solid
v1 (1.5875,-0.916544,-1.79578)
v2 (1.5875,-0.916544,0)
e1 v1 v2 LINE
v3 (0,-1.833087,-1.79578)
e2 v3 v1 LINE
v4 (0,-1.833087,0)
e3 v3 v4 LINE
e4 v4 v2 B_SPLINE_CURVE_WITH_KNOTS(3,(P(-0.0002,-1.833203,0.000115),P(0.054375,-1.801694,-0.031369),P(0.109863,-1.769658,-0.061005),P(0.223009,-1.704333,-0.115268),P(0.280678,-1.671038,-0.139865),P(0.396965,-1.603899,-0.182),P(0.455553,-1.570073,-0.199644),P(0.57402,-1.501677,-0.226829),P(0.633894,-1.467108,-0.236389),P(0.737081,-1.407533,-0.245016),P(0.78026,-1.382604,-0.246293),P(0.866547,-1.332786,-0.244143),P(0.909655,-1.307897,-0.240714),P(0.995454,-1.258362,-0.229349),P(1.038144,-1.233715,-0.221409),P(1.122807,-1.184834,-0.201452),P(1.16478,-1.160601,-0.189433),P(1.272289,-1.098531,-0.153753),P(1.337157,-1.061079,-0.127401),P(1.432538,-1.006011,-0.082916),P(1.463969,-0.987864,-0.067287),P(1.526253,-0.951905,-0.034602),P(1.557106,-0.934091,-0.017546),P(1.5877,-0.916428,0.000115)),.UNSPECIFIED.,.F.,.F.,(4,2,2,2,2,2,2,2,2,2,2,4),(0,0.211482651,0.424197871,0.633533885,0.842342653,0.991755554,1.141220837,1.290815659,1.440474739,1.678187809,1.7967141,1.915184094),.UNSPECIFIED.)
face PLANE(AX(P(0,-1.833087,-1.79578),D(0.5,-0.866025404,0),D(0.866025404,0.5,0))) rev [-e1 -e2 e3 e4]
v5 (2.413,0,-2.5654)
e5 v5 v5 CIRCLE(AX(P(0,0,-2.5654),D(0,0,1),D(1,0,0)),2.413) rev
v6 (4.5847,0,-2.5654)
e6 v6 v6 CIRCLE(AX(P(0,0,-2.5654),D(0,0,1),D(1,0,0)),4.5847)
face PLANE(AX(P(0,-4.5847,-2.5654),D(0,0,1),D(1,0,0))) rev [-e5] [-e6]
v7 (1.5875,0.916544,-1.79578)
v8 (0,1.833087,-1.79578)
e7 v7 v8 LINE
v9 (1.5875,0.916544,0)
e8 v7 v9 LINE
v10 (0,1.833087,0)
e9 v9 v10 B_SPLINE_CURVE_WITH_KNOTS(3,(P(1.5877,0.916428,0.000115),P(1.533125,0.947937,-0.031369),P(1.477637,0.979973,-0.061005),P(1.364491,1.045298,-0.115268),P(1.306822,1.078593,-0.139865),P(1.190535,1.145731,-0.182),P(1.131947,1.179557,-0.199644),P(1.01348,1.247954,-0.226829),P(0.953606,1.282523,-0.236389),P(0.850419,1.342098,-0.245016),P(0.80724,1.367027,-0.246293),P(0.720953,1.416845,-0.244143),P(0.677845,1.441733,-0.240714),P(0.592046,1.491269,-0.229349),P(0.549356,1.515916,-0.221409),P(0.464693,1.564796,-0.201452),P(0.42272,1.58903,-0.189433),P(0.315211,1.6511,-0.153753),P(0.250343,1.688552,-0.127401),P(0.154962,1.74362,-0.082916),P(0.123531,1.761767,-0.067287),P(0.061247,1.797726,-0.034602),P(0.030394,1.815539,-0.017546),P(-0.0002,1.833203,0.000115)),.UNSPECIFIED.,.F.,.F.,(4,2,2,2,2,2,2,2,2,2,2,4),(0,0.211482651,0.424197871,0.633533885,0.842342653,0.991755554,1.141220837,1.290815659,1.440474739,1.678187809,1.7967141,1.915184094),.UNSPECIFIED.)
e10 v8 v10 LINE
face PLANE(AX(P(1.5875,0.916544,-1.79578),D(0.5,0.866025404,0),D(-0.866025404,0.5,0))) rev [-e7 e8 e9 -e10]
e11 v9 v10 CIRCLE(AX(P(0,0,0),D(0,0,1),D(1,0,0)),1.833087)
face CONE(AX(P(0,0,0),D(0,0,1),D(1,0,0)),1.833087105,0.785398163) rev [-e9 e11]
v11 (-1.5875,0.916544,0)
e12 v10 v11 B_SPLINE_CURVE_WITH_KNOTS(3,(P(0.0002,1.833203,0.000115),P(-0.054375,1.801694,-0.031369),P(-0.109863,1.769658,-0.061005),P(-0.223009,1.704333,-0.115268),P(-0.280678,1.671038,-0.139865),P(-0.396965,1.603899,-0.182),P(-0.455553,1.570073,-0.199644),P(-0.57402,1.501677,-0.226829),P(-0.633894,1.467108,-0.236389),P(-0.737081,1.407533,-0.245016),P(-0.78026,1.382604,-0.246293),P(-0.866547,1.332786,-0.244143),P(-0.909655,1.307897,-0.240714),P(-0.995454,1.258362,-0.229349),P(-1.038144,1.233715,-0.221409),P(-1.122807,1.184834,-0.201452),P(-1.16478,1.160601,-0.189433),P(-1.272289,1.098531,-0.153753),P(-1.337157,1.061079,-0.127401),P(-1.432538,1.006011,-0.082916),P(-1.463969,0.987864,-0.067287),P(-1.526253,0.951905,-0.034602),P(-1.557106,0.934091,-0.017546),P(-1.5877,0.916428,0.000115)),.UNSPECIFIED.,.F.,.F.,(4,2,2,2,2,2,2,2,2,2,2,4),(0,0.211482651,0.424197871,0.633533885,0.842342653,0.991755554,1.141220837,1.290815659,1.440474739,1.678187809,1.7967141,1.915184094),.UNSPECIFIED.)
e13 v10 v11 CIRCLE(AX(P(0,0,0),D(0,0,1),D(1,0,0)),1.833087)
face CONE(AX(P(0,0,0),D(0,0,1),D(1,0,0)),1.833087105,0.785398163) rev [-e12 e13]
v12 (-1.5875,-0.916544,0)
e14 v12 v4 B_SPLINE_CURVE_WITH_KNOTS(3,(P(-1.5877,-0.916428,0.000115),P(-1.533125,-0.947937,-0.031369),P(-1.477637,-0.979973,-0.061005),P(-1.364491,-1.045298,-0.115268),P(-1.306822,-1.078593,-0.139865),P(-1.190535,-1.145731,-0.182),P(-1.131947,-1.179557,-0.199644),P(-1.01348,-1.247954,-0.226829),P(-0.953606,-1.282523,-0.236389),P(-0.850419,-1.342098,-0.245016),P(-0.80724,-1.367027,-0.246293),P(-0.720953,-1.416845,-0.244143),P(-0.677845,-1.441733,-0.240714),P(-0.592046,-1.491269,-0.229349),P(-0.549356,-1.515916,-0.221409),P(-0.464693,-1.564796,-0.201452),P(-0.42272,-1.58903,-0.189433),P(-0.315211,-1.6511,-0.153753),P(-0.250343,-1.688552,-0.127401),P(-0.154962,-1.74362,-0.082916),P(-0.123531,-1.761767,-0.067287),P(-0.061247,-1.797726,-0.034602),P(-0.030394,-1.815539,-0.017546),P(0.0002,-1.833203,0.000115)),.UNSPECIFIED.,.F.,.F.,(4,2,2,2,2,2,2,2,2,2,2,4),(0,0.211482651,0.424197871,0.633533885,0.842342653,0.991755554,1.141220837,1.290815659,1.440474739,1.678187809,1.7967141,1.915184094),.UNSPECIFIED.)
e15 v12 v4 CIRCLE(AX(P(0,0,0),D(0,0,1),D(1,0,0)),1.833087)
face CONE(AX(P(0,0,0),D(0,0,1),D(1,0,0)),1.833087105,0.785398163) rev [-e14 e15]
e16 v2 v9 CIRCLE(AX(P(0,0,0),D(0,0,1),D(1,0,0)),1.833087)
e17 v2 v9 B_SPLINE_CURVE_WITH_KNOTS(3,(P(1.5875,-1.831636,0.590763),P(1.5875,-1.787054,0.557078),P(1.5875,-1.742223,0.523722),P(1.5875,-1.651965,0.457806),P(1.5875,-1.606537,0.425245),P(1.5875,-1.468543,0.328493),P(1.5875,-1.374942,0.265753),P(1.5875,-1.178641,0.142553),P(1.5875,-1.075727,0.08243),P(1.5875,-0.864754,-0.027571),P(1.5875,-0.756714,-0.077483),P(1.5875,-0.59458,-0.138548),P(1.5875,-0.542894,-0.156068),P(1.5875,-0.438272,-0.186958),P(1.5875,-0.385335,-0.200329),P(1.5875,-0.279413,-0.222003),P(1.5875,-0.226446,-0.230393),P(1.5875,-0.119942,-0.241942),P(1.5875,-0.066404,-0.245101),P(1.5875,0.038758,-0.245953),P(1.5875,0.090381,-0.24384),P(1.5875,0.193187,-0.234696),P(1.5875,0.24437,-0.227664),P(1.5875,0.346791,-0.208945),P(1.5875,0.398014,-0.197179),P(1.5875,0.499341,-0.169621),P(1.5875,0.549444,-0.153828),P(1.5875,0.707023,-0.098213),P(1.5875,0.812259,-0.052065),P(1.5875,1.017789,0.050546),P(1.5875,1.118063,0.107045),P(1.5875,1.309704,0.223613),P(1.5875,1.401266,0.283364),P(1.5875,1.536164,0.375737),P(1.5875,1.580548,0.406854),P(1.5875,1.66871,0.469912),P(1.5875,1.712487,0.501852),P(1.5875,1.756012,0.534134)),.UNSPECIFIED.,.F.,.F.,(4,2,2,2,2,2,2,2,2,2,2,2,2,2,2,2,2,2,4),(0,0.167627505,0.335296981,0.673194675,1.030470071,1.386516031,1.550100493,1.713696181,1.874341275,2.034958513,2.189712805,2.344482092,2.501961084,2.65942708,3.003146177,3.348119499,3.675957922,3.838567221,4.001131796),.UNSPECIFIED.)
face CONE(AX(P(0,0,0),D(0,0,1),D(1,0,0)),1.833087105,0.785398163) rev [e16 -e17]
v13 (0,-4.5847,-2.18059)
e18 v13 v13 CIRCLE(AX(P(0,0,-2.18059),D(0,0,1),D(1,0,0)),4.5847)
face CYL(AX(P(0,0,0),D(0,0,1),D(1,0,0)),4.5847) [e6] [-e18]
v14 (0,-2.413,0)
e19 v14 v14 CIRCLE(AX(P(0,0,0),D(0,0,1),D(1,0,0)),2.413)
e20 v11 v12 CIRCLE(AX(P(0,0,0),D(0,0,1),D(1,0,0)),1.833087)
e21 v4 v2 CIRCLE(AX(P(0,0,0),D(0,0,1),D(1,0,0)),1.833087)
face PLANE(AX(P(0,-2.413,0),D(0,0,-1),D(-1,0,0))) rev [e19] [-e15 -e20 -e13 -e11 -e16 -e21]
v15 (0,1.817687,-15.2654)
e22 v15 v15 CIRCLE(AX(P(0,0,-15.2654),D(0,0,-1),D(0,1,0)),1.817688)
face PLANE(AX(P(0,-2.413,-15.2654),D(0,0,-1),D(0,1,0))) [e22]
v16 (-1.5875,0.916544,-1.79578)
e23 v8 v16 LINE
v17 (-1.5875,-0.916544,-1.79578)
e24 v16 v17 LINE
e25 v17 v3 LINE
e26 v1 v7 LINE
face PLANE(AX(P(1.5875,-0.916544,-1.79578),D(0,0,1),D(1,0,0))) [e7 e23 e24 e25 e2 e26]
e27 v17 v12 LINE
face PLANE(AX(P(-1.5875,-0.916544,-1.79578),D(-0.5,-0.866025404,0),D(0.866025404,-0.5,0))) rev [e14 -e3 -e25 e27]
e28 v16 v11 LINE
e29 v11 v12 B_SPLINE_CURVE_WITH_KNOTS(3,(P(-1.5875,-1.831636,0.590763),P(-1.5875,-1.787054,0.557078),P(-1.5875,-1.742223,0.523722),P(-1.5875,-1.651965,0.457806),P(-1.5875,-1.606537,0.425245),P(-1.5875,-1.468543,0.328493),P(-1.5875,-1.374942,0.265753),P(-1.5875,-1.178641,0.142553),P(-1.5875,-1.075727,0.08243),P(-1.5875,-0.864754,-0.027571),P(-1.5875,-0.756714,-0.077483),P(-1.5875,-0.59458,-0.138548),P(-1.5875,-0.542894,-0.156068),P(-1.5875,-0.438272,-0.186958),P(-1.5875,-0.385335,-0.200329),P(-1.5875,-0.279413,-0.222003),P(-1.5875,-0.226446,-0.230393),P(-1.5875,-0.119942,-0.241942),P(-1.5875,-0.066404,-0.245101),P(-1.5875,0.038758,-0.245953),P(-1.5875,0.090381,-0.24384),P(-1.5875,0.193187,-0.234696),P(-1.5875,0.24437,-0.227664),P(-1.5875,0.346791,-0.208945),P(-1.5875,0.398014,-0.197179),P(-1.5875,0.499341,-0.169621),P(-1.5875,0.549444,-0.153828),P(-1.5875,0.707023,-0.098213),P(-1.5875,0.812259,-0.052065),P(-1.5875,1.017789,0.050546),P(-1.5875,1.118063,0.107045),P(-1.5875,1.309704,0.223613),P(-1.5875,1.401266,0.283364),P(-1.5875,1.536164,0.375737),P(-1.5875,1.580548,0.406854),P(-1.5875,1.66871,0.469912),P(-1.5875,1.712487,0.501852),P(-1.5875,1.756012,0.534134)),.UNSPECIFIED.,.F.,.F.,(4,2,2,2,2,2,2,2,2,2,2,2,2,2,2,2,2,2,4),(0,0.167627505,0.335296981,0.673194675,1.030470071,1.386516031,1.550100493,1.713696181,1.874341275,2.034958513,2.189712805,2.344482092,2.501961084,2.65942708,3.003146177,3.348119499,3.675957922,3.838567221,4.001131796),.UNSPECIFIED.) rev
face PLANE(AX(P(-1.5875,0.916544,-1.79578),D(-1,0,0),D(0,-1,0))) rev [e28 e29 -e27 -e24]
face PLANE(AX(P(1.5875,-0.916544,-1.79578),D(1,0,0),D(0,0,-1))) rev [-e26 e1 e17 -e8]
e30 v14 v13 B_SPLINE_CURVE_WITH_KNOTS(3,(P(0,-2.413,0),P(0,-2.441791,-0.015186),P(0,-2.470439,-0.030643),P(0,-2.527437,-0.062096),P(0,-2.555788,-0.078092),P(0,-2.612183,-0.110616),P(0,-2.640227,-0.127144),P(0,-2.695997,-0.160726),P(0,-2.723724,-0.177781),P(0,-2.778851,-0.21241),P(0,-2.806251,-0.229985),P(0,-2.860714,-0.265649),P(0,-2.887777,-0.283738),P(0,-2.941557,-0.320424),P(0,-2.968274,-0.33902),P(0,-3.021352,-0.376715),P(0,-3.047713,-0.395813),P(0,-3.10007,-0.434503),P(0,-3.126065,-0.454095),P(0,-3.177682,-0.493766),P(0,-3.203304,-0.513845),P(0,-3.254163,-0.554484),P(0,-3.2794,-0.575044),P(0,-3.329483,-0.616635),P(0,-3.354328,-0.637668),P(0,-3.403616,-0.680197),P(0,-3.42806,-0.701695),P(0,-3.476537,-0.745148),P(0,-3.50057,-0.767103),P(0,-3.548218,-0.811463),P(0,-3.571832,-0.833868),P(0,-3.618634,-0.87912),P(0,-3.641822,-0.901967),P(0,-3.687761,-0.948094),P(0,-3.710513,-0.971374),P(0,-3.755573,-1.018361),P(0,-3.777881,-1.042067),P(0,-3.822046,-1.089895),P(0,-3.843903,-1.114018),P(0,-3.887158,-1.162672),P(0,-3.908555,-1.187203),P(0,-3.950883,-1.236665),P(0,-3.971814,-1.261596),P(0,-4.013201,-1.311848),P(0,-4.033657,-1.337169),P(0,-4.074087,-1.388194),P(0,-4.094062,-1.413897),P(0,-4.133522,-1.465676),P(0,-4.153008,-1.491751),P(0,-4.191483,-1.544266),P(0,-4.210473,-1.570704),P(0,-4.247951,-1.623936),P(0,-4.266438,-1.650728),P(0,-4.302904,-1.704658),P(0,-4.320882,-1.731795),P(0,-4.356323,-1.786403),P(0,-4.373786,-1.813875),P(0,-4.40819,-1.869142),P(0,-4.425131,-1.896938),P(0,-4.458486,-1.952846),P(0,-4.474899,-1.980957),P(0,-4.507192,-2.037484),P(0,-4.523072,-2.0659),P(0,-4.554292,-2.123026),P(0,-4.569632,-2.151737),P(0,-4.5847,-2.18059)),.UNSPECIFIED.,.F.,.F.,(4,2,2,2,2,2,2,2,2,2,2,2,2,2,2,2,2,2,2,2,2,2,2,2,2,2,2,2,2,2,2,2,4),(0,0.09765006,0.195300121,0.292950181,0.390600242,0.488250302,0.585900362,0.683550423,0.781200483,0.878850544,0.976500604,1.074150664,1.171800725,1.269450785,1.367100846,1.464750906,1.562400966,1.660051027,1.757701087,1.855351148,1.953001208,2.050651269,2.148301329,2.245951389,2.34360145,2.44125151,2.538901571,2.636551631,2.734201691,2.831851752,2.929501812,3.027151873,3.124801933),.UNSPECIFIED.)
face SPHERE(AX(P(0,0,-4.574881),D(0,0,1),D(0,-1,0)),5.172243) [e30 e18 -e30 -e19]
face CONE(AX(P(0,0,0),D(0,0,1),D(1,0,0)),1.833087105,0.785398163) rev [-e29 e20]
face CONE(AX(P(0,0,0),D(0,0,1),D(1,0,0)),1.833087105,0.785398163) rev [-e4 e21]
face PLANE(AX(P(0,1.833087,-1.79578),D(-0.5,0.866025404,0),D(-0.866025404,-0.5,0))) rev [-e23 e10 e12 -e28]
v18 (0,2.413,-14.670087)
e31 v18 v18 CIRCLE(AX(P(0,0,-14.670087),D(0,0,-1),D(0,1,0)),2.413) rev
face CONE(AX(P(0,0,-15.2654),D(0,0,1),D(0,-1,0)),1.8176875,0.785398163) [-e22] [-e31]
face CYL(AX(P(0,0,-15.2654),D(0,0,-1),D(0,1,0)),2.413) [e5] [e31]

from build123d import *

# Parameters (mm, degrees)
SKETCH1_W          = 12.7
SKETCH1_H          = 2.413
CHAMFER1_SIZE      = 0.5953125
CUT_EXTRUDE2_DEPTH = 1.79578
SKETCH6_R          = 1.833087105
CUT_EXTRUDE3_DEPTH = 1.79578
CUT_EXTRUDE3_TAPER = 45


with BuildPart() as part:
    # Sketch1 → Revolve1 (revolve)
    with BuildSketch(Plane(origin=(0, 0, 0), x_dir=(0, 0, -1), z_dir=(1, 0, 0))):
        with Locations((8.9154, 1.2065)):
            Rectangle(SKETCH1_W, SKETCH1_H)
    revolve(axis=Axis((0, 0, -15.2654), (0, 0, 1)))

    # Chamfer1
    chamfer1_edges = [part.edges().sort_by_distance(p)[0] for p in [
        (0, -2.413, -15.2654),
    ]]
    chamfer(chamfer1_edges, length=CHAMFER1_SIZE)

    # Sketch7 → Revolve2 (revolve)
    with BuildSketch(Plane(origin=(0, 0, 0), x_dir=(0, 0, -1), z_dir=(1, 0, 0))):
        with BuildLine():
            Line((2.18059, 4.5847), (2.5654, 4.5847))
            Line((2.5654, 4.5847), (2.5654, 0))
            Line((2.5654, 0), (0, 0))
            Line((0, 0), (0, 2.413))
            ThreePointArc((0, 2.413), (0.925030326, 3.664791196), (2.18059, 4.5847))
        make_face()
    revolve(axis=Axis((0, 0, 0), (0, 0, -1)))

    # Sketch5 → Cut-Extrude2 (cut)
    with BuildSketch(Plane.XY):
        Polygon((1.5875, -0.916543552), (1.5875, 0.916543552), (0, 1.833087105), (-1.5875, 0.916543552), (-1.5875, -0.916543552), (0, -1.833087105), align=None)
    extrude(amount=-CUT_EXTRUDE2_DEPTH, mode=Mode.SUBTRACT)

    # Sketch6 → Cut-Extrude3 (cut)
    with BuildSketch(Plane.XY):
        Circle(SKETCH6_R)
    extrude(amount=-CUT_EXTRUDE3_DEPTH, taper=CUT_EXTRUDE3_TAPER, mode=Mode.SUBTRACT)


solid = part.part
